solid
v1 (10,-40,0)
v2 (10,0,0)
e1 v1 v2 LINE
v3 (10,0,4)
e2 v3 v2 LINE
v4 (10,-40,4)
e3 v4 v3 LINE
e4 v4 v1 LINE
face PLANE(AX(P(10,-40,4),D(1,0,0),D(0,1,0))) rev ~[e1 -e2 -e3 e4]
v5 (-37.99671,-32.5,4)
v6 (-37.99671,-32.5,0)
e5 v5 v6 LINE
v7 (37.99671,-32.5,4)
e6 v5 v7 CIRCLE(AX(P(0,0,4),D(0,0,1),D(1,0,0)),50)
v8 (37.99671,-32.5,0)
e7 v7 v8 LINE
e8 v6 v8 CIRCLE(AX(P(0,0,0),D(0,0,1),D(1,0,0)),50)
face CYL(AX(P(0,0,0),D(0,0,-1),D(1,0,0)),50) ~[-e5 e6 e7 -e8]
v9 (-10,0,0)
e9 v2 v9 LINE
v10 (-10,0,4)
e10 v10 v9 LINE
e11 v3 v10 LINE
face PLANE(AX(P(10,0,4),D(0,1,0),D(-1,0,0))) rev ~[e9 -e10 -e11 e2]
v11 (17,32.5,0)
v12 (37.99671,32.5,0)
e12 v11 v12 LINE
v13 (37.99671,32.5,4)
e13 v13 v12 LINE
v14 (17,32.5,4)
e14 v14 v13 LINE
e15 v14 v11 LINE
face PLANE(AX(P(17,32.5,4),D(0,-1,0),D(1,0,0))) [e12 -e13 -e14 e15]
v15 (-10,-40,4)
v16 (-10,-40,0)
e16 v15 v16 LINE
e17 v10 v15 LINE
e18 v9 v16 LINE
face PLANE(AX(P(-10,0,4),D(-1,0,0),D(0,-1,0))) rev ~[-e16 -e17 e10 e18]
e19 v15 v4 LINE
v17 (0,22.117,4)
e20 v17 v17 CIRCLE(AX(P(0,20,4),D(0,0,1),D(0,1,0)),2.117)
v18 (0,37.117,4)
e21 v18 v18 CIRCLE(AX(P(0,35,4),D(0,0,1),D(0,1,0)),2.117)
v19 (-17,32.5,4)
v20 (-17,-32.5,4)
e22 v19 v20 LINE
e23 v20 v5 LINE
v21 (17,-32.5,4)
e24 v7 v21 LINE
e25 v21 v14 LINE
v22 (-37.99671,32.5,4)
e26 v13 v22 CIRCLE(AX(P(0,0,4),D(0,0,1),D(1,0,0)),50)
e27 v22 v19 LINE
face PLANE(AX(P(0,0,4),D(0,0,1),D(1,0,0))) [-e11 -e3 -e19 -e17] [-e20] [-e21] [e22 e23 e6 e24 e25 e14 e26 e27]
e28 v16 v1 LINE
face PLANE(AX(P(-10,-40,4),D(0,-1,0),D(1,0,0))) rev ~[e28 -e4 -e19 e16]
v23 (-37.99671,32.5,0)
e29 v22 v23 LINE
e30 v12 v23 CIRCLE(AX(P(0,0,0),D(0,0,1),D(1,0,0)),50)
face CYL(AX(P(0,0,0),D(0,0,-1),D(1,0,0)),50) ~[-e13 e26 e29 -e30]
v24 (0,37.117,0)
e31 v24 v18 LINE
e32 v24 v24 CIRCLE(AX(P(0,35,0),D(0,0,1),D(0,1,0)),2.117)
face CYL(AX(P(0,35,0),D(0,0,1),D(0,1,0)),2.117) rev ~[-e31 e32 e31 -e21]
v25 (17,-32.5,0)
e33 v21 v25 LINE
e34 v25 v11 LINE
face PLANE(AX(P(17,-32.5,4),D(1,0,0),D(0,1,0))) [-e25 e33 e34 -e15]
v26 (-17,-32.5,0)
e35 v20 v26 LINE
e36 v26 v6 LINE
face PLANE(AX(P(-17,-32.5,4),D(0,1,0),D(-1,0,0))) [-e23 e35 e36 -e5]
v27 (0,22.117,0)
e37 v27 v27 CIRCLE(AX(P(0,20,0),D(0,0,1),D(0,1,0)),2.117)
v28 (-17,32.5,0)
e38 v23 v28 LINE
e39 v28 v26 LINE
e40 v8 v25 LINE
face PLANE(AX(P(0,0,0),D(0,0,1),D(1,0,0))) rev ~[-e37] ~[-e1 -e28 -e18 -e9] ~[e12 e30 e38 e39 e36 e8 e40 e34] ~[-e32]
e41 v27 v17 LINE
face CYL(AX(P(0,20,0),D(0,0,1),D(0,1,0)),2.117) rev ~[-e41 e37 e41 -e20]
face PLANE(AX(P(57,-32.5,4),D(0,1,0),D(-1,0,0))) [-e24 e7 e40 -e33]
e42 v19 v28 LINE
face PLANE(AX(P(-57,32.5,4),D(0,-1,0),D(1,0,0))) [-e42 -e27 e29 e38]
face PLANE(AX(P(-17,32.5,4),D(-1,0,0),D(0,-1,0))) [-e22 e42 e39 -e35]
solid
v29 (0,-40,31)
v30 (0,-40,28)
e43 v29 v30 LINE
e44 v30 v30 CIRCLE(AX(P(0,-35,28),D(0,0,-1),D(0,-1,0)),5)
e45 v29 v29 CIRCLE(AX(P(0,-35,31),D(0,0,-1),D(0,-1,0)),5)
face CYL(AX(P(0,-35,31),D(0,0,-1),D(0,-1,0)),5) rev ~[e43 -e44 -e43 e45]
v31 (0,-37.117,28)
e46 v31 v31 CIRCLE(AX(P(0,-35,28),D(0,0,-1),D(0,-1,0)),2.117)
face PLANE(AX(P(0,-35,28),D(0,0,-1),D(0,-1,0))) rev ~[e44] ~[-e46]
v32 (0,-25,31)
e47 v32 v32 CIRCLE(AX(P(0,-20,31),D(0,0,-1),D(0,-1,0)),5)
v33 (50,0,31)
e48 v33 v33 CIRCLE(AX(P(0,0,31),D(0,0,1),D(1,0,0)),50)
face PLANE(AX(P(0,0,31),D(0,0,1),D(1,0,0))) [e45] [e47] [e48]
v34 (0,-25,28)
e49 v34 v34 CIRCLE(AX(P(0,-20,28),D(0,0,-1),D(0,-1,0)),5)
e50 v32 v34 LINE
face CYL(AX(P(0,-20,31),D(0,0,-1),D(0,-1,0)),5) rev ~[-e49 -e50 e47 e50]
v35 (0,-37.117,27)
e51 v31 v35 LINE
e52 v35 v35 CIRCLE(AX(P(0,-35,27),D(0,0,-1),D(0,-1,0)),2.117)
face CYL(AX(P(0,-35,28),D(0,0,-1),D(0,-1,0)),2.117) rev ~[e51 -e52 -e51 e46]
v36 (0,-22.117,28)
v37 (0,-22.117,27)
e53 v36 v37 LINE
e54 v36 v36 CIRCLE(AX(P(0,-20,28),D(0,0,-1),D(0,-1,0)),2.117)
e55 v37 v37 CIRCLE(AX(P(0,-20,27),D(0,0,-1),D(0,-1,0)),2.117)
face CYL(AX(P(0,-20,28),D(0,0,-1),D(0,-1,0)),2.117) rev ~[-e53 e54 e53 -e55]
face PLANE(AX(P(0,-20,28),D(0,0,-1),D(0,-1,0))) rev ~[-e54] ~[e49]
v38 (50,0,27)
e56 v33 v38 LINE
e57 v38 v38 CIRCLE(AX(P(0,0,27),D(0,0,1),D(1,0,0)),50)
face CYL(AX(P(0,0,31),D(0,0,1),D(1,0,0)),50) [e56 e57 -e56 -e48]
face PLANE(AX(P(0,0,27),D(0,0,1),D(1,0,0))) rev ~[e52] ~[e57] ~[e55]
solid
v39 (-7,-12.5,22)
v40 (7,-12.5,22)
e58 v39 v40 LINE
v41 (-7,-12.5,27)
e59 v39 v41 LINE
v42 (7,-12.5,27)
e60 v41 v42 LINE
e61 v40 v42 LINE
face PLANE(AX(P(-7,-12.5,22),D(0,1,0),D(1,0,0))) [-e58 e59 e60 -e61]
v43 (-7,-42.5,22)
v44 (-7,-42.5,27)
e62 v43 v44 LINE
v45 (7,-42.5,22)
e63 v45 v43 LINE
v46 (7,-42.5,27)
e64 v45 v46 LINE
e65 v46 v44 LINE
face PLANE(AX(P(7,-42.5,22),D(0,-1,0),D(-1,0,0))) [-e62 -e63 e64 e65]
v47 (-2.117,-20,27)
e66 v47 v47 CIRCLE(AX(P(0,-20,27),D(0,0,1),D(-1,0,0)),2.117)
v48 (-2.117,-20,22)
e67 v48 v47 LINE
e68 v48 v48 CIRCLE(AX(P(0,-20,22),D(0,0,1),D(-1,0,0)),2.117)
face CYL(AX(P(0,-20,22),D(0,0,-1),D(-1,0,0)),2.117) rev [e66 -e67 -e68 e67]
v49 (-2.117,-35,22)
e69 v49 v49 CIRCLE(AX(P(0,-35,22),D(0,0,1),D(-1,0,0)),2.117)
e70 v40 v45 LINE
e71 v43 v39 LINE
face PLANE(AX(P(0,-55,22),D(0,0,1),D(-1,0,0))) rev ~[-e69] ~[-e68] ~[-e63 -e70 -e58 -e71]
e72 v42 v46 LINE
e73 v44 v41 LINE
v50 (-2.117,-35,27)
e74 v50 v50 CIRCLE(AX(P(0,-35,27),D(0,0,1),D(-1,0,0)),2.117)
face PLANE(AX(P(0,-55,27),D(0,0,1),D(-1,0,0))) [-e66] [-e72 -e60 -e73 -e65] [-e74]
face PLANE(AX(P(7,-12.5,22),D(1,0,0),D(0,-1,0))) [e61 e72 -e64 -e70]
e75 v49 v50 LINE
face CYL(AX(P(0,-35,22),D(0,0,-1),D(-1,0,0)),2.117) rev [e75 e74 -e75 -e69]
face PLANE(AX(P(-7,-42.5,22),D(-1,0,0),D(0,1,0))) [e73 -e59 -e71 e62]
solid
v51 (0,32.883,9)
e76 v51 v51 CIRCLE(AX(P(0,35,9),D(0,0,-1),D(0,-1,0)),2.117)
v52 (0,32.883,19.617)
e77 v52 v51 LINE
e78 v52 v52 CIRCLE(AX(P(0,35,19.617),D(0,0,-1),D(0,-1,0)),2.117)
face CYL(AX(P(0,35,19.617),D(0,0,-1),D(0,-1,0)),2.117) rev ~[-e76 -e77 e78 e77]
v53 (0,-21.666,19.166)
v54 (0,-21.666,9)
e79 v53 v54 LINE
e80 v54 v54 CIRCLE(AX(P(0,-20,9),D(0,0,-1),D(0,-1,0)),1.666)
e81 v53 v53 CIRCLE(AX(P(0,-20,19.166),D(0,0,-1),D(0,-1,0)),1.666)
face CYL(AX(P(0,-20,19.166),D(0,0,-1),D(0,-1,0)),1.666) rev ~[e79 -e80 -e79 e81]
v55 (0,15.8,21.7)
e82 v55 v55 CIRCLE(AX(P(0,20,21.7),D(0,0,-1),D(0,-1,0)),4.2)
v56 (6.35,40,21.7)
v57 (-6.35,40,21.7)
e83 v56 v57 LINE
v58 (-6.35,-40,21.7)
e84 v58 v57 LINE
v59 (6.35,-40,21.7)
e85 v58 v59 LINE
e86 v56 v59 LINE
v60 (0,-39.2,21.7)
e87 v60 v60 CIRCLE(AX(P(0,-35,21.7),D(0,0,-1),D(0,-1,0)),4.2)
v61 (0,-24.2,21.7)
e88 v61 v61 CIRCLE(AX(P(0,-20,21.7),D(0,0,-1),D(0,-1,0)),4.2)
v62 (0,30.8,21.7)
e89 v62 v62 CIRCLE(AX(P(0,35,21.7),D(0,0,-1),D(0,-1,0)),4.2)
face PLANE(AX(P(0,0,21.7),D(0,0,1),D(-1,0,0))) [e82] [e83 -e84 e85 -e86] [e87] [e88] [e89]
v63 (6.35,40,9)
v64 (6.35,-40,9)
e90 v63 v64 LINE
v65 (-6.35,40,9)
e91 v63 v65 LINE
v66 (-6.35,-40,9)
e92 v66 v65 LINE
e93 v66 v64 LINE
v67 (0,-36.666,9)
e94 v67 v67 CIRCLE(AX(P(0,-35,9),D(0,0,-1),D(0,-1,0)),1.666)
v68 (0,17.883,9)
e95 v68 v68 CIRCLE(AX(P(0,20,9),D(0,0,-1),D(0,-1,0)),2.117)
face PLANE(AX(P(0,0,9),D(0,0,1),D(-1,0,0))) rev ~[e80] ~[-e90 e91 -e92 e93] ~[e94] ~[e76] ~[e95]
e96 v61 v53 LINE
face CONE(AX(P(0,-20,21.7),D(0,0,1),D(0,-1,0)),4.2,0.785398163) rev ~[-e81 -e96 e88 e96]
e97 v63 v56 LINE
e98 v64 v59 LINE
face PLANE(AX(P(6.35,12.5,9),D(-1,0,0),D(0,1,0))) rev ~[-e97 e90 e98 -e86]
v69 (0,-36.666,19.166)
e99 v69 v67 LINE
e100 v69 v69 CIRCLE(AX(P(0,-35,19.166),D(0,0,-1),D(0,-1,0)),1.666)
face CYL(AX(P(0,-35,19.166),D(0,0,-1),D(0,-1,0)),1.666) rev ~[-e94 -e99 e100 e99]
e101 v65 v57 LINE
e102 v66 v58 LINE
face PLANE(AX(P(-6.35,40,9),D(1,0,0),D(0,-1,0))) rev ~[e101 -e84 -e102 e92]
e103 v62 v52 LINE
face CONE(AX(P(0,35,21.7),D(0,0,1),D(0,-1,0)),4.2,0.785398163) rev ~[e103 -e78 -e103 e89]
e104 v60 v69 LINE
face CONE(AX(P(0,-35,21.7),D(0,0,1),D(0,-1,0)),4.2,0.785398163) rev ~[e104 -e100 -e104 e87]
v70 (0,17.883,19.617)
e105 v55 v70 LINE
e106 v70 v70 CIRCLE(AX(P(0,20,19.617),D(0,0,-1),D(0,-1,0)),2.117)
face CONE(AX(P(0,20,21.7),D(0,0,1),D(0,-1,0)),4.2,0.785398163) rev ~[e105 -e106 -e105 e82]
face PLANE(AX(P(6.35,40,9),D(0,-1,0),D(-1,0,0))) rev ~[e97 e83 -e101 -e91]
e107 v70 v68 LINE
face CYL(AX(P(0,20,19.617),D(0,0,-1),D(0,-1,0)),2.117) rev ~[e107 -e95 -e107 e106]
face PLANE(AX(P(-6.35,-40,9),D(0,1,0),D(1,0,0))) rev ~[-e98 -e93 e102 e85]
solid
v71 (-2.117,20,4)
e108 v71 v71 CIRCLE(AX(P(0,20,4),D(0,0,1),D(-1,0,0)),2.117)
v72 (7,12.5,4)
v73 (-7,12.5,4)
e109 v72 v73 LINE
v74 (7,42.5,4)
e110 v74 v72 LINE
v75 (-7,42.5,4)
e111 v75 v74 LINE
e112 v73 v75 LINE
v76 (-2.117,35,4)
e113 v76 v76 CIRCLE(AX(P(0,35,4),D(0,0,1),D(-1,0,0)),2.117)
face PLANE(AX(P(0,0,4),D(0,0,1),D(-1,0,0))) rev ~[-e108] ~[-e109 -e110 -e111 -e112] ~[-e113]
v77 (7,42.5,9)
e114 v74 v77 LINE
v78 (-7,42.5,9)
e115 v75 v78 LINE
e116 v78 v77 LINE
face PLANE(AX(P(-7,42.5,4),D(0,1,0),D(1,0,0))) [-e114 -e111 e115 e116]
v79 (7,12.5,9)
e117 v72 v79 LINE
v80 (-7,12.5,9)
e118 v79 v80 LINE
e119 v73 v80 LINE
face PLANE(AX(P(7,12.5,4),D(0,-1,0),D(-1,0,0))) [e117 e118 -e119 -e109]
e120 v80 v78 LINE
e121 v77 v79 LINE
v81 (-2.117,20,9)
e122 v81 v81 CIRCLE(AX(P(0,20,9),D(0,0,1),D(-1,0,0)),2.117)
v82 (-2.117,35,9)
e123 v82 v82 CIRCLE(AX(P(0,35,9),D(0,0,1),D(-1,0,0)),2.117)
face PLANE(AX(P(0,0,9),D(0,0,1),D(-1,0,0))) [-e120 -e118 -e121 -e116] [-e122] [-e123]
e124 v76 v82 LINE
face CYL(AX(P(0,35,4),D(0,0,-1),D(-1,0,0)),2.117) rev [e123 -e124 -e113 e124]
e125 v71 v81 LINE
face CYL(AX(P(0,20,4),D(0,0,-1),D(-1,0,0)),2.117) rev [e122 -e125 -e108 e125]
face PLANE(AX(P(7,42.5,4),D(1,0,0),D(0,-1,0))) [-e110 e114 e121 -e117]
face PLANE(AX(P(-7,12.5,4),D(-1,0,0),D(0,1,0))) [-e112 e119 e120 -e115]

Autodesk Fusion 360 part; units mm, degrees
sketch "Sketch3" plane through (0, 0, 0) normal (0, 0, 1) x (1, 0, 0) in component "BottomM5"
  circle A0 centre (0, 0) radius 50
  dimension "d4" = 100
extrude "Extrude1" add sketch "Sketch3" along normal blind 4 makes body 1 in component "BottomM5"
sketch "Sketch1" plane through (0, 0, 0) normal (0, 0, -1) x (1, 0, 0)
  circle A0 centre (0, 0) radius 50
  line L0 (-6.35, 40) -> (6.35, 40)
  line L1 (6.35, 40) -> (6.35, -40)
  line L2 (6.35, -40) -> (-6.35, -40)
  line L3 (-6.35, -40) -> (-6.35, 40)
  point P0 (0, -35)
  point P1 (0, -20)
  point P2 (0, 20)
  point P3 (0, 35)
  dimension "d17" = 12.7
  dimension "d18" = 80
  dimension "d19" = 6.35
  dimension "d20" = 6.35
  dimension "d21" = 15
  dimension "d22" = 5
  dimension "d23" = 15
  dimension "d24" = 5
  dimension "d25" = 6.35
  dimension "d26" = 40
hole "Hole1" at (0, 35, 0) at (0, 20, 0) direction (0, 0, 1) diameter 4.234 end through all bodies 1 1 in component "BottomM5"
sketch "Sketch1 (2)" plane through (0, 0, 4) normal (0, 0, 1) x (-1, 0, 0) in component "Padding M5"
  circle A0 centre (0, -35) radius 2.117
  circle A1 centre (0, -20) radius 2.117
  circle A2 centre (0, 0) radius 50
  line L0 (-7, -12.5) -> (7, -12.5)
  line L1 (7, -12.5) -> (7, -42.5)
  line L2 (7, -42.5) -> (-7, -42.5)
  line L3 (-7, -42.5) -> (-7, -12.5)
  dimension "d31" = 14
  dimension "d32" = 30
  dimension "d33" = 7
  dimension "d34" = 7.5
extrude "Extrude1'" add sketch "Sketch1 (2)" along normal blind 5 separate body contours L0 L1 L2 L3 makes body 2 in component "Padding M5"
thread "Thread1" thread offset 0 thread length 10 in component "Padding M5"
sketch "Sketch1 (3)" plane through (0, 0, 9) normal (0, 0, 1) x (-1, 0, 0) in component "Sensor"
  circle A0 centre (0, -35) radius 2.117
  circle A1 centre (0, -20) radius 2.117
  line L0 (-7, -42.5) -> (7, -42.5)
  line L1 (7, -42.5) -> (7, -12.5)
  line L2 (7, -12.5) -> (-7, -12.5)
  line L3 (-7, -12.5) -> (-7, -42.5)
  line L4 (-6.35, -40) -> (6.35, -40)
  line L5 (6.35, -40) -> (6.35, 40)
  line L6 (6.35, 40) -> (-6.35, 40)
  line L7 (-6.35, 40) -> (-6.35, -40)
  dimension "d39" = 12.7
  dimension "d40" = 80
  dimension "d41" = 6.35
  dimension "d42" = 40
extrude "Extrude1''" add sketch "Sketch1 (3)" along normal blind 12.7 separate body contours A0 | A1 | L2 L5 L6 L7 | L2 L4 L5 L7 makes body 3 in component "Sensor"
sketch "Sketch2" plane through (0, 0, 21.7) normal (0, 0, 1) x (-1, 0, 0) in component "Sensor"
  line L0 (-6.35, 40) -> (-6.35, -40)
  line L1 (-6.35, -40) -> (6.35, -40)
  line L2 (6.35, -40) -> (6.35, 40)
  line L3 (6.35, 40) -> (-6.35, 40)
  line L4 (6.35, -40) -> (6.35, 40)
  line L5 (6.35, 40) -> (-6.35, 40)
  line L6 (-6.35, -40) -> (6.35, -40)
  point P0 (0, -35)
  point P1 (0, -20)
  point P2 (0, 20)
  point P3 (0, 35)
  dimension "d45" = 6.35
  dimension "d46" = 15
  dimension "d47" = 15
  dimension "d48" = 5
  dimension "d49" = 6.35
  dimension "d50" = 5
hole "Hole1'" at (0, 20, 21.7) at (0, 35, 21.7) direction (0, 0, -1) diameter 4.234 depth 12.7 tip angle 180 countersink diameter 8.4 countersink angle 90 bodies 3 in component "Sensor"
hole "Hole2" at (0, -35, 21.7) at (0, -20, 21.7) direction (0, 0, -1) diameter 3.332 end up to surface (12.7 mm away) countersink diameter 8.4 countersink angle 90 bodies 3 in component "Sensor"
sketch "Sketch1 (4)" plane through (0, 0, 4) normal (0, 0, 1) x (-1, 0, 0) in component "Padding M4"
  circle A0 centre (0, -35) radius 2.117
  circle A1 centre (0, -20) radius 2.117
  line L0 (-7, -12.5) -> (7, -12.5)
  line L1 (7, -12.5) -> (7, -42.5)
  line L2 (7, -42.5) -> (-7, -42.5)
  line L3 (-7, -42.5) -> (-7, -12.5)
  dimension "d31_1" = 14
  dimension "d32_1" = 30
  dimension "d33_1" = 7
  dimension "d34_1" = 7.5
extrude "Extrude1'''" add sketch "Sketch1 (4)" along normal blind 5 separate body makes body 4 in component "Padding M4"
thread "Thread1'" thread offset 0 thread length 10 in component "Padding M4"
sketch "Sketch3 (2)" plane through (0, 0, 0) normal (0, 0, 1) x (1, 0, 0) in component "TopM4"
  circle A0 centre (0, 0) radius 50
  dimension "d4_1" = 100
extrude "Extrude1''''" add sketch "Sketch3 (2)" against normal blind 4 separate body makes body 5 in component "TopM4"
sketch "Sketch4" plane through (0, 0, 0) normal (0, 0, 1) x (1, 0, 0) in component "TopM4"
  line L0 (6.35, 40) -> (-6.35, 40)
  line L1 (-6.35, 40) -> (-6.35, -40)
  line L2 (-6.35, -40) -> (6.35, -40)
  line L3 (6.35, -40) -> (6.35, 40)
  point P0 (0, -35)
  point P1 (0, -20)
  point P2 (0, 20)
  point P3 (0, 35)
  dimension "d64" = 12.7
  dimension "d65" = 80
  dimension "d66" = 6.35
  dimension "d67" = 40
  dimension "d68" = 5
  dimension "d69" = 15
  dimension "d70" = 6.35
  dimension "d71" = 5
  dimension "d72" = 15
hole "Hole2'" at (0, -35, 0) at (0, -20, 0) direction (0, 0, -1) diameter 4.234 end up to surface (4 mm away) counterbore diameter 10 counterbore depth 3 bodies 5 in component "TopM4"
sketch "Sketch2 (2)" plane through (0, 0, 4) normal (0, 0, 1) x (-1, 0, 0)
  circle A0 centre (0, -35) radius 2.117
  circle A1 centre (0, -20) radius 2.117
  circle A2 centre (0, 0) radius 50
ref_plane "WorkPlane1" through (0, 0, 4) normal (0, 0, 1) x (-1, 0, 0)
sketch "Sketch3 (3)" plane through (0, 0, 4) normal (0, 0, 1) x (1, 0, 0)
  line L0 (-57, 32.5) -> (-17, 32.5)
  line L1 (-17, 32.5) -> (-17, -32.5)
  line L2 (-17, -32.5) -> (-57, -32.5)
  line L3 (-57, -32.5) -> (-57, 32.5)
  line L4 (17, 32.5) -> (57, 32.5)
  line L5 (57, 32.5) -> (57, -32.5)
  line L6 (57, -32.5) -> (17, -32.5)
  line L7 (17, -32.5) -> (17, 32.5)
  dimension "d80" = 40
  dimension "d81" = 65
  dimension "d82" = 17
  dimension "d83" = 32.5
  dimension "d84" = 65
  dimension "d85" = 40
  dimension "d86" = 57
  dimension "d87" = 32.5
extrude "Extrude2" cut sketch "Sketch3 (3)" against normal up to surface (4 mm away) bodies 1 in component "BottomM5"
sketch "Sketch4 (2)" plane through (0, 0, 4) normal (0, 0, 1) x (-1, 0, 0)
sketch "Sketch5" plane through (0, 0, 4) normal (0, 0, 1) x (-1, 0, 0)
  line L0 (-10, 0) -> (10, 0)
  line L1 (10, 0) -> (10, 40)
  line L2 (10, 40) -> (-10, 40)
  line L3 (-10, 40) -> (-10, 0)
  circle A0 centre (0, 0) radius 50
  dimension "d93" = 10
  dimension "d95" = 20
  dimension "d96" = 40
  dimension "d98" = 40
extrude "Extrude3" cut sketch "Sketch5" against normal up to surface (4 mm away) contours L0 L1 L2 L3 bodies 1 in component "BottomM5"
component "BottomM5" placed x (1, 0, 0) y (0, 1, 0) z (0, 0, 1) at (0, 0, 0)
component "Padding M5" placed x (1, 0, 0) y (0, 1, 0) z (0, 0, 1) at (0, 0, 0)
component "Sensor" placed x (1, 0, 0) y (0, 1, 0) z (0, 0, 1) at (0, 0, 0)
component "Padding M4" placed x (1, 0, 0) y (0, 1, 0) z (0, 0, 1) at (0, -55, 18)
component "TopM4" placed x (1, 0, 0) y (0, 1, 0) z (0, 0, 1) at (0, 0, 31)
equation "d15 = coaster_thickness"
equation "d19 = d17 / 2"
equation "d20 = d17 / 2"
equation "d25 = d17 / 2"
equation "d26 = d18 / 2"
equation "d33 = d31 / 2"
equation "d41 = d39 / 2"
equation "d42 = d40 / 2"
equation "d45 = ( 12.7 / 2 ) * 1 mm"
equation "d47 = d46"
equation "d48 = d50"
equation "d49 = d45"
equation "d33_1 = d31_1 / 2"
equation "d66 = d64 / 2"
equation "d67 = d65 / 2"
equation "d70 = d64 / 2"
equation "d71 = d68"
equation "d72 = d69"
equation "d83 = d81 / 2"
equation "d84 = d81"
equation "d85 = d80"
equation "d86 = d85 + 17 mm"
equation "d87 = d83"
equation "coaster_thickness = 4 mm"
equation "d93 = d95 / 2"
equation "d98 = d96"
